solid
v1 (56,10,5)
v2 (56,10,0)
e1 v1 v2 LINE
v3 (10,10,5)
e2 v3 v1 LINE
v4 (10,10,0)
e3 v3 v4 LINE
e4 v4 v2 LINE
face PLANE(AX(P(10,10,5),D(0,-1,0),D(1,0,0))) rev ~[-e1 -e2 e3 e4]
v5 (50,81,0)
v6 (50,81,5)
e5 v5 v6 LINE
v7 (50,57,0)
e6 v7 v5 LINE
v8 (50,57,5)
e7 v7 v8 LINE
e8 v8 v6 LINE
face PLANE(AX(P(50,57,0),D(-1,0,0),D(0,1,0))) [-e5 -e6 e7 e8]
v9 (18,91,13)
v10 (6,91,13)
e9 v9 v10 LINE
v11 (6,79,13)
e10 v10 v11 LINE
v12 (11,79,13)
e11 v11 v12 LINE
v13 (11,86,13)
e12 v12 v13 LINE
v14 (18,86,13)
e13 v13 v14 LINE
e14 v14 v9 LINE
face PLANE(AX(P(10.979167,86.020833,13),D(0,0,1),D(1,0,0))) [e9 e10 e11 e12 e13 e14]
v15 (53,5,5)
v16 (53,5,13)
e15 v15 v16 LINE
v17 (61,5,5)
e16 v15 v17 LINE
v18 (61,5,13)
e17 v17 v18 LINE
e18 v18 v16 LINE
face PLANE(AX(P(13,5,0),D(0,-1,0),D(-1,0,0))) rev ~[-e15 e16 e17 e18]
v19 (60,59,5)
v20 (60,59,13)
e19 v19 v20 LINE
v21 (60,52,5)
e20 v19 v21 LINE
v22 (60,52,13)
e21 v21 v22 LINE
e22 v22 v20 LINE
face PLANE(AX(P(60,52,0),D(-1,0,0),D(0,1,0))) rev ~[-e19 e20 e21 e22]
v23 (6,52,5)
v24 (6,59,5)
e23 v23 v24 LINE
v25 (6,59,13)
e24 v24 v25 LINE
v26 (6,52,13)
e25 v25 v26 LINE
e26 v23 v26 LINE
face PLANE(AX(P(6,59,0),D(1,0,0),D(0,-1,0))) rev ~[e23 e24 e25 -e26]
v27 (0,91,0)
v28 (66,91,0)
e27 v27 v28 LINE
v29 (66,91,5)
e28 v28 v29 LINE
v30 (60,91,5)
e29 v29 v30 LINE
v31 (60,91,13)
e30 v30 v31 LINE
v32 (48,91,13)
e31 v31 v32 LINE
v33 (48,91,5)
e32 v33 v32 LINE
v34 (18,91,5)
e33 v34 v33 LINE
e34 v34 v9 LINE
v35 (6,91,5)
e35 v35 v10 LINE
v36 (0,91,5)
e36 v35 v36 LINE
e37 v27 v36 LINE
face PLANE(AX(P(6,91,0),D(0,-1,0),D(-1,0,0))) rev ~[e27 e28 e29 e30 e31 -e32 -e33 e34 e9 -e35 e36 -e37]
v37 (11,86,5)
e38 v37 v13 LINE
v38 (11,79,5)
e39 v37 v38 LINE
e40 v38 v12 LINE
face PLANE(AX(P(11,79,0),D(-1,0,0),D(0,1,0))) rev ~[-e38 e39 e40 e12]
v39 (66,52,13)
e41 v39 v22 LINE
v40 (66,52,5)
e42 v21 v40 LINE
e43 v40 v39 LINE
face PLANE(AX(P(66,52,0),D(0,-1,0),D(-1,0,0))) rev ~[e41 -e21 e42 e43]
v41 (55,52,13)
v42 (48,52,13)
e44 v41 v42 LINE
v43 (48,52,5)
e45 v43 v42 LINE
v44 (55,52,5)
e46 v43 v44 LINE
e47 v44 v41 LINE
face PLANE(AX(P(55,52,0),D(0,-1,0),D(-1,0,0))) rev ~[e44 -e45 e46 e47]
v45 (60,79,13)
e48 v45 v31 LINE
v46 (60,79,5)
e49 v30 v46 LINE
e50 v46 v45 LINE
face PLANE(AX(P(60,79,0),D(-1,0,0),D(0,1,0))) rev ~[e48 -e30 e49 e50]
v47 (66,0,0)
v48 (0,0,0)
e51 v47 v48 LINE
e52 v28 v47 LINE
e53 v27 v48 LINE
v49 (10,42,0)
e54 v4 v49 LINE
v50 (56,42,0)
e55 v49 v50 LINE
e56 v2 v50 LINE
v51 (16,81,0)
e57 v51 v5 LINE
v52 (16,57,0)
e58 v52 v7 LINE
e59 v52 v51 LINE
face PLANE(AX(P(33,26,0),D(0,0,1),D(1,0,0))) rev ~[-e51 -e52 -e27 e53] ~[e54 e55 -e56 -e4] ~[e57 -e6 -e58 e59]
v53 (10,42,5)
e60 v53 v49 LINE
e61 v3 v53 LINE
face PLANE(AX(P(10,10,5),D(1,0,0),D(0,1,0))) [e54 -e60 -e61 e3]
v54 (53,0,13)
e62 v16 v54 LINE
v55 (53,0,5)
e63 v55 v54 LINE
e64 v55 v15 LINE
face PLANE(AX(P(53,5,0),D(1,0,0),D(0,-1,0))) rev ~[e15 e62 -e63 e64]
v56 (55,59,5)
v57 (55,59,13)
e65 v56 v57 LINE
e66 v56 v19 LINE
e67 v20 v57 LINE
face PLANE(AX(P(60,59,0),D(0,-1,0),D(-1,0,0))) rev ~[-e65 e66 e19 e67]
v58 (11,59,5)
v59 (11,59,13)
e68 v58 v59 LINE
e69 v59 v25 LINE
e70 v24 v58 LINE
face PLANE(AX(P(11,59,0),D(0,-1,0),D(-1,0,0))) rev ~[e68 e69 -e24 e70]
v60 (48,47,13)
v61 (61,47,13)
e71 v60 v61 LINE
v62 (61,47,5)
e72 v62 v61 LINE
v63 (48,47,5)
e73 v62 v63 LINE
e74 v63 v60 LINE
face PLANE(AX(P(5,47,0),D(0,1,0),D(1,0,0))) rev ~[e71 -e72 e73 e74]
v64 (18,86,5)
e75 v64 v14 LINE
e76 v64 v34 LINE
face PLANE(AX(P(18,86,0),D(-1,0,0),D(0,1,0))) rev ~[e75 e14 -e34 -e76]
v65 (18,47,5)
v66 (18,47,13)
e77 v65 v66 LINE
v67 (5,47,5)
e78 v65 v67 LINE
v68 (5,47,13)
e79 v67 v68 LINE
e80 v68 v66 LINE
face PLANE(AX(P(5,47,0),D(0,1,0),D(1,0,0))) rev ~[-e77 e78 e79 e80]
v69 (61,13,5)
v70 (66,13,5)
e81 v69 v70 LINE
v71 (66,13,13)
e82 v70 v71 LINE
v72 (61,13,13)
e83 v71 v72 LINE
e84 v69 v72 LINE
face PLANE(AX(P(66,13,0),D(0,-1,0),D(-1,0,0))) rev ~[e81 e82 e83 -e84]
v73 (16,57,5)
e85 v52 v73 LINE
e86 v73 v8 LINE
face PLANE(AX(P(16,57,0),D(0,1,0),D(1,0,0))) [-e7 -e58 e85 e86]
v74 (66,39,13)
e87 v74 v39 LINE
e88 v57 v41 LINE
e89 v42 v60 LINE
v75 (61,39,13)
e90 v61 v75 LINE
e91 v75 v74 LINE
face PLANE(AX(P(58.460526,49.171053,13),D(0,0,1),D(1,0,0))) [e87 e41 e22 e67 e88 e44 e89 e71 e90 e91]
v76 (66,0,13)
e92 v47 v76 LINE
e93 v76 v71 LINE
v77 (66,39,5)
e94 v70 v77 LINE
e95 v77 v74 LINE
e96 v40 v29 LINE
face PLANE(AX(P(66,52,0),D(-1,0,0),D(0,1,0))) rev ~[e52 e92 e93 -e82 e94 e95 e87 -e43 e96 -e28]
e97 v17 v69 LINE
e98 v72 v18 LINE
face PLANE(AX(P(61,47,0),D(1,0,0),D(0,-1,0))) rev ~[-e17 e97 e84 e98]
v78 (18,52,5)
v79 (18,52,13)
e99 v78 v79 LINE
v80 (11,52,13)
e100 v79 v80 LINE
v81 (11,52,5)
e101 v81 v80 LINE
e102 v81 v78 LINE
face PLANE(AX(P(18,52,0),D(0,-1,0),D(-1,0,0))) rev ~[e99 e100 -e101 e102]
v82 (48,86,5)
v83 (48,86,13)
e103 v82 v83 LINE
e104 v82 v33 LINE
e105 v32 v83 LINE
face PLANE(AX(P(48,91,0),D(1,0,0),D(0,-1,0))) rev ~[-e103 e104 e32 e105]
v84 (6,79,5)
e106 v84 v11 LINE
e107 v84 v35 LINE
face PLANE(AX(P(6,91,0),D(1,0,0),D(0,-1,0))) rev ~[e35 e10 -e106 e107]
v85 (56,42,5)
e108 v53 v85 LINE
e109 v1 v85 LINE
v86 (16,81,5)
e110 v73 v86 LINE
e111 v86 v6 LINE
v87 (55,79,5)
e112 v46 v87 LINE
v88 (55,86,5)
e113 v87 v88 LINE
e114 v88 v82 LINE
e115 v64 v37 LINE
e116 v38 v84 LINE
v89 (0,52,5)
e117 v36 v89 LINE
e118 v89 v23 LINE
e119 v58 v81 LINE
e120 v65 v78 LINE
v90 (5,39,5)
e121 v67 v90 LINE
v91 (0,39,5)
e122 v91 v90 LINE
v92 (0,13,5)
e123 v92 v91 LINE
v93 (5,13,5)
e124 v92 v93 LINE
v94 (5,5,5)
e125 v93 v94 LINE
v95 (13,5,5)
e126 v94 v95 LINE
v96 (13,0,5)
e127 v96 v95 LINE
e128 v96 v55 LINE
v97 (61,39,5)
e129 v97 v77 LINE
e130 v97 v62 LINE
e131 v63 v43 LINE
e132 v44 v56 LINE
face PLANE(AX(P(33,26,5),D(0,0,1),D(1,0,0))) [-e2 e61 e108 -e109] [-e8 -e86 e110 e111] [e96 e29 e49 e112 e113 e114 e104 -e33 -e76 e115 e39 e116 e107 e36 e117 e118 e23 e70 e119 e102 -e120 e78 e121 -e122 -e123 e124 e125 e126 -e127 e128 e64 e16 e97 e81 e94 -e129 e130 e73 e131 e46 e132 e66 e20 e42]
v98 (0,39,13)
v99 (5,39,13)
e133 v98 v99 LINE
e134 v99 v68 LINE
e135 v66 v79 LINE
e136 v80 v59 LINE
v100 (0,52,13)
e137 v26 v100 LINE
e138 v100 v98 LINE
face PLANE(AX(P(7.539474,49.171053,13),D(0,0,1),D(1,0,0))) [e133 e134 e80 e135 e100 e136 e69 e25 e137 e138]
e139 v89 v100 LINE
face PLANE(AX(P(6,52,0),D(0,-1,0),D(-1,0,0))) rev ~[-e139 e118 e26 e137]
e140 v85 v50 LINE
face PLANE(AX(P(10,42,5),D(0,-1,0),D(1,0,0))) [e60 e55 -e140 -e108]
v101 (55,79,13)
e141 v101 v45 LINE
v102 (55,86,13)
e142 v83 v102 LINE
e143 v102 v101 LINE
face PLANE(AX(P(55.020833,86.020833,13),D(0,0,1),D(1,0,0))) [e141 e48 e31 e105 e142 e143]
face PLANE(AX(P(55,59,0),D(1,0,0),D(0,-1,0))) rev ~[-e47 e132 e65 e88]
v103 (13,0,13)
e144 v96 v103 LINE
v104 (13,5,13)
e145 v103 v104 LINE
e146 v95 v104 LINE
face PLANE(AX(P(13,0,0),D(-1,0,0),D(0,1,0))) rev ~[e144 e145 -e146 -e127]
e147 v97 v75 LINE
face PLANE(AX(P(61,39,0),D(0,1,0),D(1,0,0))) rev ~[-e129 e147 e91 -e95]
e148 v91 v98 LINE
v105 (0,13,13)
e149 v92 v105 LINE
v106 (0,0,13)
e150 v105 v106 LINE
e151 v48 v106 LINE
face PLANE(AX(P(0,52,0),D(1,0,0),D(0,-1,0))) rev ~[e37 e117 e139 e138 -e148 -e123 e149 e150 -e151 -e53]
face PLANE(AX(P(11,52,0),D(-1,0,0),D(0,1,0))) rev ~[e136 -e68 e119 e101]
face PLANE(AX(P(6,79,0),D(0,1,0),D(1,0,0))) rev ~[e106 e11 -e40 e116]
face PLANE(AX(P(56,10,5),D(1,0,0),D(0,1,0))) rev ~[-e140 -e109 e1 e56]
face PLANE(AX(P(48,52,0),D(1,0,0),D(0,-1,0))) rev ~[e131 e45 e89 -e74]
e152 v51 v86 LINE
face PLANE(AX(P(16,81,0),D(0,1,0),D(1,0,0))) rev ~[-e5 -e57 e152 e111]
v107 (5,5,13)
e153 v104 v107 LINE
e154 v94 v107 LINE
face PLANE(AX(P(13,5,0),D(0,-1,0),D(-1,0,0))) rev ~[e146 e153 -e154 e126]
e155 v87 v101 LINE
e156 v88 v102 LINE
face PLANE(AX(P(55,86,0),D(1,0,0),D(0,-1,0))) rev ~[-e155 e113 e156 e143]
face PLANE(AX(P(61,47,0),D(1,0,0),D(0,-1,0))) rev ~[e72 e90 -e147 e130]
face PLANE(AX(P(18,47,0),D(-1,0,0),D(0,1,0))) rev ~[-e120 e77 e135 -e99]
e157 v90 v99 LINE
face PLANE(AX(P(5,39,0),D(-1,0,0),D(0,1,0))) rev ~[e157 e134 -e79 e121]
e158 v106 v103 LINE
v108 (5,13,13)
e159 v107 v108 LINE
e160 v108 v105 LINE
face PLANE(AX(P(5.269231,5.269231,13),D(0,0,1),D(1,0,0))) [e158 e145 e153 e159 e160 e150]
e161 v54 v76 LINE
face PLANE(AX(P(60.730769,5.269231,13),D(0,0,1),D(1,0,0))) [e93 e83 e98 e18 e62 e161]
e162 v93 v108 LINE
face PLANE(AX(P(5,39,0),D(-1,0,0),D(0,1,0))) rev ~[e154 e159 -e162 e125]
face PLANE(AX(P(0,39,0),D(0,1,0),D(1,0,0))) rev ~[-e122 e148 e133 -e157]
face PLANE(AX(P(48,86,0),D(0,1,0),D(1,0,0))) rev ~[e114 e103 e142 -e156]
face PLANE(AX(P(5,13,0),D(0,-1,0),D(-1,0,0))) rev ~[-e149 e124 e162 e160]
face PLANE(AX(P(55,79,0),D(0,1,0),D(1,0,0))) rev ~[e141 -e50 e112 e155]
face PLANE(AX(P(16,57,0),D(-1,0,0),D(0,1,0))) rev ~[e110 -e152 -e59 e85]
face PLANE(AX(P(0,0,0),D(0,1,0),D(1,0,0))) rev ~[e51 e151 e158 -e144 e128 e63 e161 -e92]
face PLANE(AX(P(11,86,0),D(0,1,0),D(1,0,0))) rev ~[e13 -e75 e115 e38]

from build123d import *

# Parameters (mm, degrees)
SKETCH1_W             = 40
SKETCH1_H             = 5
BOSS_EXTRUDE1_DEPTH   = 5
SKETCH1_W_2           = 5
SKETCH1_H_2           = 26
BOSS_EXTRUDE1_2_DEPTH = 5
BOSS_EXTRUDE1_3_DEPTH = 5
SKETCH1_W_3           = 34
SKETCH1_H_3           = 24
BOSS_EXTRUDE1_4_DEPTH = 5
BOSS_EXTRUDE2_DEPTH   = 13
SKETCH2_W             = 46
SKETCH2_H             = 32
BOSS_EXTRUDE6_DEPTH   = 5


with BuildPart() as part:
    # Sketch1 → Boss-Extrude1 (new body)
    with BuildSketch(Plane.XY):
        with Locations((33, 2.5)):
            Rectangle(SKETCH1_W, SKETCH1_H)
    extrude(amount=BOSS_EXTRUDE1_DEPTH)



with BuildPart() as body_2:
    # Sketch1 → Boss-Extrude1 2 (new body)
    with BuildSketch(Plane.XY):
        with Locations((2.5, 26)):
            Rectangle(SKETCH1_W_2, SKETCH1_H_2)
    extrude(amount=BOSS_EXTRUDE1_2_DEPTH)


with BuildPart() as body_3:
    # Sketch1 → Boss-Extrude1 3 (new body)
    with BuildSketch(Plane.XY):
        with Locations((63.5, 26)):
            Rectangle(SKETCH1_W_2, SKETCH1_H_2)
    extrude(amount=BOSS_EXTRUDE1_3_DEPTH)


with BuildPart() as body_4:
    # Sketch1 → Boss-Extrude1 4 (new body)
    with BuildSketch(Plane.XY):
        Polygon((0, 91), (0, 52), (6, 52), (6, 59), (11, 59), (11, 52), (18, 52), (18, 47), (48, 47), (48, 52), (55, 52), (55, 59), (60, 59), (60, 52), (66, 52), (66, 91), (60, 91), (60, 79), (55, 79), (55, 86), (48, 86), (48, 91), (18, 91), (18, 86), (11, 86), (11, 79), (6, 79), (6, 91), align=None)
        with Locations((33, 69)):
            Rectangle(SKETCH1_W_3, SKETCH1_H_3, mode=Mode.SUBTRACT)
    extrude(amount=BOSS_EXTRUDE1_4_DEPTH)


with BuildPart() as part_1:
    add(part.part)

    add(body_2.part)  # Boss-Extrude2 merges body 2

    add(body_3.part)  # Boss-Extrude2 merges body 3

    add(body_4.part)  # Boss-Extrude2 merges body 4
    # Sketch1<3> → Boss-Extrude2 (add)
    with BuildSketch(Plane.XY):
        Polygon((0, 13), (0, 0), (13, 0), (13, 5), (5, 5), (5, 13), align=None)
        Polygon((53, 5), (53, 0), (66, 0), (66, 13), (61, 13), (61, 5), align=None)
        Polygon((0, 52), (0, 39), (5, 39), (5, 47), (18, 47), (18, 52), (11, 52), (11, 59), (6, 59), (6, 52), align=None)
        Polygon((61, 47), (61, 39), (66, 39), (66, 52), (60, 52), (60, 59), (55, 59), (55, 52), (48, 52), (48, 47), align=None)
        Polygon((18, 91), (6, 91), (6, 79), (11, 79), (11, 86), (18, 86), align=None)
        Polygon((60, 91), (48, 91), (48, 86), (55, 86), (55, 79), (60, 79), align=None)
    extrude(amount=BOSS_EXTRUDE2_DEPTH)

    # Sketch2 → Boss-Extrude6 (add)
    with BuildSketch(Plane.XY.offset(5)):
        Polygon((5, 10), (5, 5), (10, 5), (13, 5), (53, 5), (56, 5), (61, 5), (61, 10), (61, 42), (61, 47), (56, 47), (10, 47), (5, 47), (5, 42), align=None)
        with Locations((33, 26)):
            Rectangle(SKETCH2_W, SKETCH2_H, mode=Mode.SUBTRACT)
    extrude(amount=-BOSS_EXTRUDE6_DEPTH)


solid = part_1.part
